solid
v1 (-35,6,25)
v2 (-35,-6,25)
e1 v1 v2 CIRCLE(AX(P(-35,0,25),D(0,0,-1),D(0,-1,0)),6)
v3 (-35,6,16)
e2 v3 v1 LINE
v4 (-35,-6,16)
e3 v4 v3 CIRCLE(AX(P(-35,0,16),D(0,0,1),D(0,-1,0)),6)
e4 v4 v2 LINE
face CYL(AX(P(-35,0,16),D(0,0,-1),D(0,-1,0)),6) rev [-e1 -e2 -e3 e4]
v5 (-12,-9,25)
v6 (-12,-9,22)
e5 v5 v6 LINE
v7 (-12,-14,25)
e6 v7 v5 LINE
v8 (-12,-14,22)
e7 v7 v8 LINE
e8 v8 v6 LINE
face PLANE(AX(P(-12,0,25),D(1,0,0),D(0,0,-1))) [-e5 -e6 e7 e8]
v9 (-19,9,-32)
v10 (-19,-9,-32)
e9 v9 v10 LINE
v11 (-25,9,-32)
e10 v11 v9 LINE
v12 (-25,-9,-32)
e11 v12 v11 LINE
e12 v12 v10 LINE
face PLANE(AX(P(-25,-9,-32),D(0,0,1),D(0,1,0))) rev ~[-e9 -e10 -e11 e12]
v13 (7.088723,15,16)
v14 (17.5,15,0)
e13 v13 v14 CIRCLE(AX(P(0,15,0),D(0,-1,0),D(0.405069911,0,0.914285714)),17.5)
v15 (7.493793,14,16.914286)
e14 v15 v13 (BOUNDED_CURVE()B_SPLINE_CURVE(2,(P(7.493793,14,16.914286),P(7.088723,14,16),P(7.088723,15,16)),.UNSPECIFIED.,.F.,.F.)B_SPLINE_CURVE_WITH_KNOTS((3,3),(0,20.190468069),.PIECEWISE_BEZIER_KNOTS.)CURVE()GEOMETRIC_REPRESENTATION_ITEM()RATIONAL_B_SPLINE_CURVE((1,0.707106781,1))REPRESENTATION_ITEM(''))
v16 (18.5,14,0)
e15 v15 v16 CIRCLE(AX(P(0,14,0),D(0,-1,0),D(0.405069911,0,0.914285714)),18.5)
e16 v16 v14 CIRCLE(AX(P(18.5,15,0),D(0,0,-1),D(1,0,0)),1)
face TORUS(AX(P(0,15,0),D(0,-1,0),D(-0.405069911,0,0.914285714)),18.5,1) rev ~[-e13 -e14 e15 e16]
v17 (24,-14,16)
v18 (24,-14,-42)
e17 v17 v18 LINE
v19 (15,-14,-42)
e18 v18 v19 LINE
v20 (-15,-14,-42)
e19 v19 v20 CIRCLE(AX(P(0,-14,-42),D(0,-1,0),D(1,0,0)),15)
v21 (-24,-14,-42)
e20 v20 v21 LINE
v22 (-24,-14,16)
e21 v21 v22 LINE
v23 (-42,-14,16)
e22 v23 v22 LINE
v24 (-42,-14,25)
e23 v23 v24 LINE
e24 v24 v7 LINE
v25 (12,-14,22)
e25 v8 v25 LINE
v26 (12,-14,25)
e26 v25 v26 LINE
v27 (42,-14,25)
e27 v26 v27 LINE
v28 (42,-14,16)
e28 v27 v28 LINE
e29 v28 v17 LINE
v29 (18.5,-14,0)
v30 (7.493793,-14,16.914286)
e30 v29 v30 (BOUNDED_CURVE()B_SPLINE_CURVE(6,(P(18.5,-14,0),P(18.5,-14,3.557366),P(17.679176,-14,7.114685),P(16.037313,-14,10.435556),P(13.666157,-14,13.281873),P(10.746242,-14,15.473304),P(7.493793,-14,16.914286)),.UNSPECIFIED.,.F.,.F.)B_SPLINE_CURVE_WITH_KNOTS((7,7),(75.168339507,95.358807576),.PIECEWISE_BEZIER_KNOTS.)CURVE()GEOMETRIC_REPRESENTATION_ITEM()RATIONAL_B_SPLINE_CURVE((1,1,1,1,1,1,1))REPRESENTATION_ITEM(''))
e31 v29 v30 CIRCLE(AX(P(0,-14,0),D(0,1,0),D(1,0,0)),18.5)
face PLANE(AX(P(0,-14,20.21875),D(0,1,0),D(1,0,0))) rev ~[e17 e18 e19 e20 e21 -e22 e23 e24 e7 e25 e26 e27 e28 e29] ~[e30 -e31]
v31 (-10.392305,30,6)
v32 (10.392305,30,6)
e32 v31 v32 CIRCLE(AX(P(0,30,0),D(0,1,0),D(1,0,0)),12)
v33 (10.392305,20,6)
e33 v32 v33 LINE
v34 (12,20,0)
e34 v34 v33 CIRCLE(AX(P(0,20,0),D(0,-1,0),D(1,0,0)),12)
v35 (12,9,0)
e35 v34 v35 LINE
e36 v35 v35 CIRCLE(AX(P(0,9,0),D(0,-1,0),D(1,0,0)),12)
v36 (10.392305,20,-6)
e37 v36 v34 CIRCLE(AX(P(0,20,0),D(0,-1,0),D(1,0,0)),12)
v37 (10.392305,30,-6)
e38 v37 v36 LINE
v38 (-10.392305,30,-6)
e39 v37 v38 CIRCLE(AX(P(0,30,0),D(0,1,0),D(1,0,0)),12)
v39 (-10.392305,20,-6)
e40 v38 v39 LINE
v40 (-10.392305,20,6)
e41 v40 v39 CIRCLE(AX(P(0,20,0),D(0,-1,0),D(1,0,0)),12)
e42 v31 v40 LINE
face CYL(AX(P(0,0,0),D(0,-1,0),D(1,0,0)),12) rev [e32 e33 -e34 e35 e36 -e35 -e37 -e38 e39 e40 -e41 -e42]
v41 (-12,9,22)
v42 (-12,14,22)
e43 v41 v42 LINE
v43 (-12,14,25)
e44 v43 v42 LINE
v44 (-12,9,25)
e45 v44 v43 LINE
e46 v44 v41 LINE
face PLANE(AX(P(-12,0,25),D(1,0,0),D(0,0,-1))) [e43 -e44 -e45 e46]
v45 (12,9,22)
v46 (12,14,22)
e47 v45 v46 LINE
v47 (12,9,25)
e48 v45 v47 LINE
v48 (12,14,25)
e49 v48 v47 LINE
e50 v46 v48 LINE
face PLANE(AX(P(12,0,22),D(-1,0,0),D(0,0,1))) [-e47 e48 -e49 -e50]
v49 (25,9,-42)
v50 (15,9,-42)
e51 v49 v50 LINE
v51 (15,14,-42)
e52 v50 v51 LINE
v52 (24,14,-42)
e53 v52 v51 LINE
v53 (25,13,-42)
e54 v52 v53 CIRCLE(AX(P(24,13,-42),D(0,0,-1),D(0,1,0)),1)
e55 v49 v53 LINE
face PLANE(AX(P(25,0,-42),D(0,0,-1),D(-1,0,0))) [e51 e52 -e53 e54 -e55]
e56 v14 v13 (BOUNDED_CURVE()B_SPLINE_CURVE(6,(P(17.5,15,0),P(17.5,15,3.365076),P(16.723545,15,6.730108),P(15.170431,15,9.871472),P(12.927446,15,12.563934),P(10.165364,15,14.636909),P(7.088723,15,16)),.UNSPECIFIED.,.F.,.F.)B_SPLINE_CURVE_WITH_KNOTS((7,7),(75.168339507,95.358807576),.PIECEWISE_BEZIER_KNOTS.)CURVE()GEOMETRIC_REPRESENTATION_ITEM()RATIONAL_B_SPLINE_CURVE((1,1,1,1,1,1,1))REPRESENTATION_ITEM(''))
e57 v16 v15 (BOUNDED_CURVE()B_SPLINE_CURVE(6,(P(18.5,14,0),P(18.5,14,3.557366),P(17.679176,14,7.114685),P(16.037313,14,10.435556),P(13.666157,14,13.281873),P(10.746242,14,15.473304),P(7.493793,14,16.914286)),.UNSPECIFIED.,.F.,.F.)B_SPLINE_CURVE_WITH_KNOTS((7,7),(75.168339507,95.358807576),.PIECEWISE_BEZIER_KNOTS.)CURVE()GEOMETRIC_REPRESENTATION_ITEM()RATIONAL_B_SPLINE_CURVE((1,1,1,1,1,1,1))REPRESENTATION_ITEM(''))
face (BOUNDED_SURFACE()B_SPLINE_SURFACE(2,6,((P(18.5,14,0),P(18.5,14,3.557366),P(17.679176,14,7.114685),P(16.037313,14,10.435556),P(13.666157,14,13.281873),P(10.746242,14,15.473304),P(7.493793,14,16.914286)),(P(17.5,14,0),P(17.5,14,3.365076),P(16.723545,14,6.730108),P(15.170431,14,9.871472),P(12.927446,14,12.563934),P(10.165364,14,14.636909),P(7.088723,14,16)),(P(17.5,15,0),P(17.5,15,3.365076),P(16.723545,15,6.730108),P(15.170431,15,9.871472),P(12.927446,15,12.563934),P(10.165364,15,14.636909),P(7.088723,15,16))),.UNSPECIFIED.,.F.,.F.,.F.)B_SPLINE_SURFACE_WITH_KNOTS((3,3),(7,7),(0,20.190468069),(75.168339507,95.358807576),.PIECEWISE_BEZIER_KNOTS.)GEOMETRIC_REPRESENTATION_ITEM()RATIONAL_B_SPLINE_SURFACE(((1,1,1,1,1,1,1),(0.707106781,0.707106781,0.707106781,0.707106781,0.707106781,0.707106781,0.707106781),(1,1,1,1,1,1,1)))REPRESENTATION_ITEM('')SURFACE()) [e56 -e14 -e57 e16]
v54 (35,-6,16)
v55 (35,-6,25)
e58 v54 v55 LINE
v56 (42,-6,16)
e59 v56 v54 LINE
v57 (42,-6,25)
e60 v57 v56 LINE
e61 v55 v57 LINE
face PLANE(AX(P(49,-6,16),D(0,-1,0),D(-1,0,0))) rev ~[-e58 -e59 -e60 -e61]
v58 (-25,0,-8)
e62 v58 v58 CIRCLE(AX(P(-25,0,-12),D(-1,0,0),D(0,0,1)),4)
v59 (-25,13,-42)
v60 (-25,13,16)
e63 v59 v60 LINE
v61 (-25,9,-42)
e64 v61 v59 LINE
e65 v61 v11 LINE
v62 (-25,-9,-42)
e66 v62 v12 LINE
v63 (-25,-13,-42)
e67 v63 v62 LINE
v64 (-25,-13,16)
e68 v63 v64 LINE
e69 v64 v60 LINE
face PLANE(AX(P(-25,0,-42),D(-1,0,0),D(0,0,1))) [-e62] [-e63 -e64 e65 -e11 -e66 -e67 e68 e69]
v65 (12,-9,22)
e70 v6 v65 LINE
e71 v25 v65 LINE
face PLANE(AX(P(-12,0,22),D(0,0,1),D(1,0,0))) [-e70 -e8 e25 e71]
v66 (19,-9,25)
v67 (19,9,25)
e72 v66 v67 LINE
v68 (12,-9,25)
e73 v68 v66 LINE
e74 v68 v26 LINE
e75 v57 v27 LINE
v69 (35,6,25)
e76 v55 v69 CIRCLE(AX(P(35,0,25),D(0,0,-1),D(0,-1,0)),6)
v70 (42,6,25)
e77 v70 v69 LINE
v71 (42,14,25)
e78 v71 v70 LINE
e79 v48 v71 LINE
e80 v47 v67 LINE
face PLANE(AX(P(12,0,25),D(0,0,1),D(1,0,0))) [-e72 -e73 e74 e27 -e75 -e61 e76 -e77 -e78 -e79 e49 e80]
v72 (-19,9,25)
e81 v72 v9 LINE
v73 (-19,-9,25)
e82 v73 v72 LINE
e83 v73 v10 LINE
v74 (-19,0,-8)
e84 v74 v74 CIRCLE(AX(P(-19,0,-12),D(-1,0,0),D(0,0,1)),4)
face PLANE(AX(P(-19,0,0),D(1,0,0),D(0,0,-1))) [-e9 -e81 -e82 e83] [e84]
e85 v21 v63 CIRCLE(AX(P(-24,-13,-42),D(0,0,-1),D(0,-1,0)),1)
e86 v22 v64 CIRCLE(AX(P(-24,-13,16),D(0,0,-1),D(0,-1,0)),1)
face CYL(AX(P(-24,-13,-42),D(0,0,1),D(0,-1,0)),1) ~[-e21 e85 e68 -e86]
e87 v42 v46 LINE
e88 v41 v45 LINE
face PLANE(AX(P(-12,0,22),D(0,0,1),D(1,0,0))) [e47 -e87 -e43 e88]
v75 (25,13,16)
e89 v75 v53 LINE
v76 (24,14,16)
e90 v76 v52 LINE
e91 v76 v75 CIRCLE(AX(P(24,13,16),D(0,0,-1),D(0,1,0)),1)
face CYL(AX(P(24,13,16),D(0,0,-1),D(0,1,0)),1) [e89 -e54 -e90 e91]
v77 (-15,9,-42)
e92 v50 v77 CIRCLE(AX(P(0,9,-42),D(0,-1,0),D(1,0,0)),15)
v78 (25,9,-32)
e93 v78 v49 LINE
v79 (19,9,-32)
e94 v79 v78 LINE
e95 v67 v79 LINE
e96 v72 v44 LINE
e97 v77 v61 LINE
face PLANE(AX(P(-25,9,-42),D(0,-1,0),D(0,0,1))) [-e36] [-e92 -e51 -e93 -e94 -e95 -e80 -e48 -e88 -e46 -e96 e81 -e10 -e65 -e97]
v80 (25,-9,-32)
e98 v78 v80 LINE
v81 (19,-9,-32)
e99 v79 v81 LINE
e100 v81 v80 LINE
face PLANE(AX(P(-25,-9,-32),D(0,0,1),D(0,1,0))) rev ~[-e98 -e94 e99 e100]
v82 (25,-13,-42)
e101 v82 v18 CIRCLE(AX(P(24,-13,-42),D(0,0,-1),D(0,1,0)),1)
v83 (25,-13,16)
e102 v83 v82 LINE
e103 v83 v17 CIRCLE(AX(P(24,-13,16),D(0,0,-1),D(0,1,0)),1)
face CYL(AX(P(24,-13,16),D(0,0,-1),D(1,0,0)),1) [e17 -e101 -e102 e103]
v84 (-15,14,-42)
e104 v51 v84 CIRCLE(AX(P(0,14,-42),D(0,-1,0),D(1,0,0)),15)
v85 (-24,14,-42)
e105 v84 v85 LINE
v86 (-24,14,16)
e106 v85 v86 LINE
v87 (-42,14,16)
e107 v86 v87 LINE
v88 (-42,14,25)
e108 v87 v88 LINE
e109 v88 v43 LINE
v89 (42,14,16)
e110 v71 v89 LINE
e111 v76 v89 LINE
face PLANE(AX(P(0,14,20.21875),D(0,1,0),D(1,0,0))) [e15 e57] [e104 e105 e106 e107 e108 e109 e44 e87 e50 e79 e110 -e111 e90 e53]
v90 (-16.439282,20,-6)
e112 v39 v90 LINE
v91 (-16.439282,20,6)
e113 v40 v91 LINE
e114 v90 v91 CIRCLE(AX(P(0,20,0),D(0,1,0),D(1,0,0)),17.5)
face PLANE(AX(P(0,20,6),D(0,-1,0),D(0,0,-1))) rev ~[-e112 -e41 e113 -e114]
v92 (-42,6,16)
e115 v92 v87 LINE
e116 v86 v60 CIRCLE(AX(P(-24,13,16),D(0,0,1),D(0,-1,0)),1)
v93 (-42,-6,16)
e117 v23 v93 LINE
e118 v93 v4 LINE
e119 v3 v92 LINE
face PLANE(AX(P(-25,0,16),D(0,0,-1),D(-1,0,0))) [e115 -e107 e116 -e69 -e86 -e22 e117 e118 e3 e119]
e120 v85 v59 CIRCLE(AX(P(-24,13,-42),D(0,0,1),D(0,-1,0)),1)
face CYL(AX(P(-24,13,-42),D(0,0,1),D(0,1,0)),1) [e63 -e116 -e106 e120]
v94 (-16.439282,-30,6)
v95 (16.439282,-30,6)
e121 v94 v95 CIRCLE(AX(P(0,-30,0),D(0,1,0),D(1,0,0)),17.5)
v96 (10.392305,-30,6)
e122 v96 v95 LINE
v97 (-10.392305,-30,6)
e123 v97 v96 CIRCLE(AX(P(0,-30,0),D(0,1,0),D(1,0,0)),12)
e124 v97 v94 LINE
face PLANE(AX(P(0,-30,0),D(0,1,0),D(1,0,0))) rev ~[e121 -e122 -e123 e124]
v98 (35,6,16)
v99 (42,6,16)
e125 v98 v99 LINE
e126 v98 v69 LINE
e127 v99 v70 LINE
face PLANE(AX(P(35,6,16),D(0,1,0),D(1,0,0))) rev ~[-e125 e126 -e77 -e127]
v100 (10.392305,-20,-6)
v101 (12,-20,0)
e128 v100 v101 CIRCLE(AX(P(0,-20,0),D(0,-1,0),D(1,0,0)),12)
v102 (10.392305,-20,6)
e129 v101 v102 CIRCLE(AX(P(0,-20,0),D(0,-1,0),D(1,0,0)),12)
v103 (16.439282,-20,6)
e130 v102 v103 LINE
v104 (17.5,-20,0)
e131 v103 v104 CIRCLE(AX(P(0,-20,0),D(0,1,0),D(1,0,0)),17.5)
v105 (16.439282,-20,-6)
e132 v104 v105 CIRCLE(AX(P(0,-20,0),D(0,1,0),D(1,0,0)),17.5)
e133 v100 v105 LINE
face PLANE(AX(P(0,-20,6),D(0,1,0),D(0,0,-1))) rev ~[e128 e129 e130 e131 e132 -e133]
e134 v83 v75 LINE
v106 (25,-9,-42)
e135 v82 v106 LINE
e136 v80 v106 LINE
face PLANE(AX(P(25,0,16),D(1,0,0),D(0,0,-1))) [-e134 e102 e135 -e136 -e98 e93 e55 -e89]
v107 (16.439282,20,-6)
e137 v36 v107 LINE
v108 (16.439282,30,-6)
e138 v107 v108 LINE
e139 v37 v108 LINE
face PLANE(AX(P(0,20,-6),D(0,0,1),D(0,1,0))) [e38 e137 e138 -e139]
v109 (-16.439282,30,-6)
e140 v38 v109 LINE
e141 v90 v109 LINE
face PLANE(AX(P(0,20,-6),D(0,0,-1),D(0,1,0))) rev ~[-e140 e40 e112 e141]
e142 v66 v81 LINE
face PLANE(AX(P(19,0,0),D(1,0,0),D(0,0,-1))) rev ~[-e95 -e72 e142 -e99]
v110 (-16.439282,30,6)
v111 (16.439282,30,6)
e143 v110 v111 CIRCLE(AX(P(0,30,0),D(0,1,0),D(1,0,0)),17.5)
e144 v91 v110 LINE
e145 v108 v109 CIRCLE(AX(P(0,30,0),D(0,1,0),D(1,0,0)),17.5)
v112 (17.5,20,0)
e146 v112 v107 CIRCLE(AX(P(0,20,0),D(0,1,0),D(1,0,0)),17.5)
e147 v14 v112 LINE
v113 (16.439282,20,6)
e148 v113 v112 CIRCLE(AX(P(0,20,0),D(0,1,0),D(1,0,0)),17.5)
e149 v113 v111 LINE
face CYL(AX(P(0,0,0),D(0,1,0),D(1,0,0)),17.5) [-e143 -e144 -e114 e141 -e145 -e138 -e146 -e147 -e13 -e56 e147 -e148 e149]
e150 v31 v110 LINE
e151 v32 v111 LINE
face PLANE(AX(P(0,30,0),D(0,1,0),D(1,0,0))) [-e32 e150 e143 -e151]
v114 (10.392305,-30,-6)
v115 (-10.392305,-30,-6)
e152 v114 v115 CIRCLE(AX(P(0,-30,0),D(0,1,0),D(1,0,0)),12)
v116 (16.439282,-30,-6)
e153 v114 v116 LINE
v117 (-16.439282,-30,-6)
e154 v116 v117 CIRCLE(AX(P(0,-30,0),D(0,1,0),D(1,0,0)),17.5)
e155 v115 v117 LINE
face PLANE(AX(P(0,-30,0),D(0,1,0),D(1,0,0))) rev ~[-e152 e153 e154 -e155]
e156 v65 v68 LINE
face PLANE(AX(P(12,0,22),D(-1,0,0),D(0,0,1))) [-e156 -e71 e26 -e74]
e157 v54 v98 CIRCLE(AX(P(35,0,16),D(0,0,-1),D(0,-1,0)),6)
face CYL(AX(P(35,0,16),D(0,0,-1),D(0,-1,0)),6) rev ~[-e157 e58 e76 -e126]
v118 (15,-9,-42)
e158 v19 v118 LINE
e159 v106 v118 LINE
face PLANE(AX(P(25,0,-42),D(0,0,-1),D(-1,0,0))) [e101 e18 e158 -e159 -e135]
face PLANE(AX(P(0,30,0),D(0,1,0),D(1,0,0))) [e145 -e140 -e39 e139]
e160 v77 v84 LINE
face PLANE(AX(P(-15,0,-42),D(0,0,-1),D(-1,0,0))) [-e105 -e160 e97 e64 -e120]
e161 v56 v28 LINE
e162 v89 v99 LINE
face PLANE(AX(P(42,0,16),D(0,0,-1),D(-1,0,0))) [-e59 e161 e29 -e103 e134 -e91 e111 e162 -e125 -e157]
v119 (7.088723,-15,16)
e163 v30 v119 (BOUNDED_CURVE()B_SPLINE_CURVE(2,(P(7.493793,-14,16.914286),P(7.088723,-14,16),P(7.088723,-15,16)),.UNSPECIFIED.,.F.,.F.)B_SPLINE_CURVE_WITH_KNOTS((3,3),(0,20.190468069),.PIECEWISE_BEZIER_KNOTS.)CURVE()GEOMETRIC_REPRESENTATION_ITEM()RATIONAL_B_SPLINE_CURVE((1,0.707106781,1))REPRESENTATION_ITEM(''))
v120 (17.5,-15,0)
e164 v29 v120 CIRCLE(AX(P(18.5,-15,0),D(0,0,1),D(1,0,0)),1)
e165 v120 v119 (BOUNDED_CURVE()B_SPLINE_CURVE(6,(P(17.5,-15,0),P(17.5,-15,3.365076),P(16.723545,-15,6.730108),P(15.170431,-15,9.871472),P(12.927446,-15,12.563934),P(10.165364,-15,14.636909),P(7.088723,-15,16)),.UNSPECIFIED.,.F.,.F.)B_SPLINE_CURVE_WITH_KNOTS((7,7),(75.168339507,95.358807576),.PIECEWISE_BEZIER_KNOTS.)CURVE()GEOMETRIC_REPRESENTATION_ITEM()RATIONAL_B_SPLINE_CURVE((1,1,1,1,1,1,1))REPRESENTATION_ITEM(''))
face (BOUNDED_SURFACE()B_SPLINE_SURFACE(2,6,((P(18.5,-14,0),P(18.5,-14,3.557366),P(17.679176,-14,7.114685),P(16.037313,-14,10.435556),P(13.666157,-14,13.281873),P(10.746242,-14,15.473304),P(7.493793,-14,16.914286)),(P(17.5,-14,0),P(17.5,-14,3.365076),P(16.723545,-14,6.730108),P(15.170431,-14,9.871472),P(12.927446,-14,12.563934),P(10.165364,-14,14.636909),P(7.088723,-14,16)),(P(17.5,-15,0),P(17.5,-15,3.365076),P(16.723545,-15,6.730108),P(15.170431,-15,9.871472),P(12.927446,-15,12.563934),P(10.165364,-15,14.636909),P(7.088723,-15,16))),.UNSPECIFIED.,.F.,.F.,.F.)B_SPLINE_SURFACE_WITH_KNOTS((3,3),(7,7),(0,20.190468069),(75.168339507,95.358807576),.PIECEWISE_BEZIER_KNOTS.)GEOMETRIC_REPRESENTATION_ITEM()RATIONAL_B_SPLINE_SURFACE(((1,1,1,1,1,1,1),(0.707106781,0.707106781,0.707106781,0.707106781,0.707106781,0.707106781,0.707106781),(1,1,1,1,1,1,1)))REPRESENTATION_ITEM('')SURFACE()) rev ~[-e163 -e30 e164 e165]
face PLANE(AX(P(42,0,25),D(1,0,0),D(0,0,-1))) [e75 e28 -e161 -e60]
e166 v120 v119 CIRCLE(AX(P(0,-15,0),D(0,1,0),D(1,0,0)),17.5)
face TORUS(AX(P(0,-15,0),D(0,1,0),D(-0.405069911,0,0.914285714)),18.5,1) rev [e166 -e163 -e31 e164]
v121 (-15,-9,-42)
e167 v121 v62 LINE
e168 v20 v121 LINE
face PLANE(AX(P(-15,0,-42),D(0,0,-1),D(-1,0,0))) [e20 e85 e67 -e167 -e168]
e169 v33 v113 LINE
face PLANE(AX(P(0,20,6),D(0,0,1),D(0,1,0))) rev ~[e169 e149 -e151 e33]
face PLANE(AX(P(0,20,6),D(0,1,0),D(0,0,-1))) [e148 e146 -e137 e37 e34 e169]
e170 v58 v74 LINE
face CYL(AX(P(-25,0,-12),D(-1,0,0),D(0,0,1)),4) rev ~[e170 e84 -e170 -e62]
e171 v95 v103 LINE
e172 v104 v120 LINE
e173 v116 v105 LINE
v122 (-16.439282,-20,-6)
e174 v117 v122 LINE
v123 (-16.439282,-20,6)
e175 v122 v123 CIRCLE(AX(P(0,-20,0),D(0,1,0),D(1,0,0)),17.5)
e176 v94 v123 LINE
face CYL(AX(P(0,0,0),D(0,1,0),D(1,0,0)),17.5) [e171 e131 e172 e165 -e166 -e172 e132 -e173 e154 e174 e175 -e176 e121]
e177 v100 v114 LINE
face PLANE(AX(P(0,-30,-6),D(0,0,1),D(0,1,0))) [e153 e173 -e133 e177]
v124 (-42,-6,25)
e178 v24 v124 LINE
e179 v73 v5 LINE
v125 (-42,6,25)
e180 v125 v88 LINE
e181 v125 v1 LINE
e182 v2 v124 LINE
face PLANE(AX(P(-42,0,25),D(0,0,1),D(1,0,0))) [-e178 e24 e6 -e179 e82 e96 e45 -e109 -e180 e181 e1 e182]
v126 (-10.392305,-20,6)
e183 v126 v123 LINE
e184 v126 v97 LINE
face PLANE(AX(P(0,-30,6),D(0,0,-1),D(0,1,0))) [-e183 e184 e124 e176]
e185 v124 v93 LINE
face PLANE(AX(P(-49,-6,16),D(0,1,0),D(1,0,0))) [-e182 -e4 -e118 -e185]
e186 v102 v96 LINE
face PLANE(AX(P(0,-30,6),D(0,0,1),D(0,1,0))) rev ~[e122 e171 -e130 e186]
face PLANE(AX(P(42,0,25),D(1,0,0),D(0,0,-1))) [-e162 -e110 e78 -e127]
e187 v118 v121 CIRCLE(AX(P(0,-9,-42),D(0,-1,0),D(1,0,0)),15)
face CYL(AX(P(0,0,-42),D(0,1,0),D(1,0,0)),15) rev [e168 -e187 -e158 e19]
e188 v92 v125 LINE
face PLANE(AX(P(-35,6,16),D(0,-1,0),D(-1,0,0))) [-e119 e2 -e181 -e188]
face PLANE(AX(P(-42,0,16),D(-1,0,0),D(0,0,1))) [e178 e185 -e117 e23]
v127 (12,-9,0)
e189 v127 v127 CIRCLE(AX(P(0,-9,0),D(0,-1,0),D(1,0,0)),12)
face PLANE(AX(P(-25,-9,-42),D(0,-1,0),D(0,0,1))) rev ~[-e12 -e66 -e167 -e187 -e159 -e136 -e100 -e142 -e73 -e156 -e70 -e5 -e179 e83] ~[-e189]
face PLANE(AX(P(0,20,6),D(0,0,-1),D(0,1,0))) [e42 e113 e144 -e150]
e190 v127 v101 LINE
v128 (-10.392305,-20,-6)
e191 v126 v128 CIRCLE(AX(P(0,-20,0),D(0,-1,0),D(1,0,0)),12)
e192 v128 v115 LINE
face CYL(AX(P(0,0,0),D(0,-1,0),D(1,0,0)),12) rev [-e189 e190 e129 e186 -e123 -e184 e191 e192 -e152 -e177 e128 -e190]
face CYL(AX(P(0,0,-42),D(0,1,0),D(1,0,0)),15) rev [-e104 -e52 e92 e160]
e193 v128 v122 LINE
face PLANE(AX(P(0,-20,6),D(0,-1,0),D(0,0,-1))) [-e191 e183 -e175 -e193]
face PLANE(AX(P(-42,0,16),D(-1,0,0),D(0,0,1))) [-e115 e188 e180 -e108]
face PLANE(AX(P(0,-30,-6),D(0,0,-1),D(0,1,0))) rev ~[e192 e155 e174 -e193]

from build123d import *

# Parameters (mm, degrees)
SKETCH1_R               = 17.5
SKETCH1_R_2             = 12
BOSS_EXTRUDE1_DEPTH     = 30
BOSS_EXTRUDE2_DEPTH     = 14
CUT_EXTRUDE1_DEPTH      = 10
SKETCH8_W               = 84
SKETCH8_H               = 18
CUT_EXTRUDE2_DEPTH      = 19
SKETCH9_W               = 10
SKETCH9_H               = 18
CUT_EXTRUDE3_DEPTH      = 68
SKETCH10_W              = 12
SKETCH10_H              = 10
CUT_EXTRUDE4_DEPTH      = 43
CUT_EXTRUDE4_DEPTH_BACK = 43
CUT_EXTRUDE5_REACH      = 69
SKETCH7_R               = 4
FILLET2_R               = 1


with BuildPart() as part:
    # Sketch1 → Boss-Extrude1 (new body, symmetric)
    with BuildSketch(Plane(origin=(0, 0, 0), x_dir=(1, 0, 0), z_dir=(0, 1, 0))):
        Circle(SKETCH1_R)
        Circle(SKETCH1_R_2, mode=Mode.SUBTRACT)
    extrude(amount=BOSS_EXTRUDE1_DEPTH, both=True)

    # Sketch5 → Boss-Extrude2 (add, symmetric)
    with BuildSketch(Plane(origin=(0, 0, 0), x_dir=(1, 0, 0), z_dir=(0, 1, 0))):
        Polygon((42, -16), (-42, -16), (-42, -25), (-12, -25), (-12, -22), (12, -22), (12, -25), (42, -25), align=None)
        with BuildLine():
            Line((-25, 42), (-25, -16))
            Line((-25, -16), (-7.088723439, -16))
            ThreePointArc((-7.088723439, -16), (0, 17.5), (7.088723439, -16))
            Line((7.088723439, -16), (25, -16))
            Line((25, -16), (25, 42))
            Line((25, 42), (15, 42))
            ThreePointArc((15, 42), (0, 27), (-15, 42))
            Line((-15, 42), (-25, 42))
        make_face()
    extrude(amount=BOSS_EXTRUDE2_DEPTH, both=True)

    # Sketch6 → Cut-Extrude1 (cut, through all)
    with BuildSketch(Plane(origin=(0, 0, 16), x_dir=(-1, 0, 0), z_dir=(0, 0, -1))):
        with BuildLine():
            Line((35, 6), (49, 6))
            ThreePointArc((49, 6), (55, 0), (49, -6))
            Line((49, -6), (35, -6))
            ThreePointArc((35, -6), (29, 0), (35, 6))
        make_face()
        with BuildLine():
            Line((-35, 6), (-49, 6))
            ThreePointArc((-49, 6), (-55, 0), (-49, -6))
            Line((-49, -6), (-35, -6))
            ThreePointArc((-35, -6), (-29, 0), (-35, 6))
        make_face()
    extrude(amount=-CUT_EXTRUDE1_DEPTH, mode=Mode.SUBTRACT)

    # Sketch8 → Cut-Extrude2 (cut, symmetric)
    with BuildSketch(Plane(origin=(0, 0, 0), x_dir=(0, 0, -1), z_dir=(1, 0, 0))):
        Rectangle(SKETCH8_W, SKETCH8_H)
    extrude(amount=CUT_EXTRUDE2_DEPTH, both=True, mode=Mode.SUBTRACT)

    # Sketch9 → Cut-Extrude3 (cut, through all)
    with BuildSketch(Plane.ZY.offset(25)):
        with Locations((-37, 0)):
            Rectangle(SKETCH9_W, SKETCH9_H)
    extrude(amount=-CUT_EXTRUDE3_DEPTH, mode=Mode.SUBTRACT)

    # Sketch10 → Cut-Extrude4 (cut, two sides)
    with BuildSketch(Plane(origin=(0, 0, 0), x_dir=(0, 0, -1), z_dir=(1, 0, 0))) as cut_extrude4_sk:
        with Locations((0, -25)):
            Rectangle(SKETCH10_W, SKETCH10_H)
        with Locations((0, 25)):
            Rectangle(SKETCH10_W, SKETCH10_H)
    extrude(amount=CUT_EXTRUDE4_DEPTH, mode=Mode.SUBTRACT)
    extrude(cut_extrude4_sk.sketch, amount=-CUT_EXTRUDE4_DEPTH_BACK, mode=Mode.SUBTRACT)

    # Sketch7 → Cut-Extrude5 (cut, up to next)
    with BuildSketch(Plane.ZY.offset(25), mode=Mode.PRIVATE) as cut_extrude5_sk1:
        with Locations((-12, 0)):
            Circle(SKETCH7_R)
    cut_extrude5_tool1 = extrude(cut_extrude5_sk1.sketch, amount=-CUT_EXTRUDE5_REACH, mode=Mode.PRIVATE) & part.part
    add(cut_extrude5_tool1.solids().sort_by_distance((-25, 0, -12))[0], mode=Mode.SUBTRACT)

    # Fillet2
    fillet2_edges = [part.edges().sort_by_distance(p)[0] for p in [
        (-17.5, -14, 0),
        (-17.5, 14, 0),
        (25, 14, -13),
        (-25, 14, -13),
        (-25, -14, -13),
        (25, -14, -13),
    ]]
    fillet(fillet2_edges, radius=FILLET2_R)


solid = part.part
